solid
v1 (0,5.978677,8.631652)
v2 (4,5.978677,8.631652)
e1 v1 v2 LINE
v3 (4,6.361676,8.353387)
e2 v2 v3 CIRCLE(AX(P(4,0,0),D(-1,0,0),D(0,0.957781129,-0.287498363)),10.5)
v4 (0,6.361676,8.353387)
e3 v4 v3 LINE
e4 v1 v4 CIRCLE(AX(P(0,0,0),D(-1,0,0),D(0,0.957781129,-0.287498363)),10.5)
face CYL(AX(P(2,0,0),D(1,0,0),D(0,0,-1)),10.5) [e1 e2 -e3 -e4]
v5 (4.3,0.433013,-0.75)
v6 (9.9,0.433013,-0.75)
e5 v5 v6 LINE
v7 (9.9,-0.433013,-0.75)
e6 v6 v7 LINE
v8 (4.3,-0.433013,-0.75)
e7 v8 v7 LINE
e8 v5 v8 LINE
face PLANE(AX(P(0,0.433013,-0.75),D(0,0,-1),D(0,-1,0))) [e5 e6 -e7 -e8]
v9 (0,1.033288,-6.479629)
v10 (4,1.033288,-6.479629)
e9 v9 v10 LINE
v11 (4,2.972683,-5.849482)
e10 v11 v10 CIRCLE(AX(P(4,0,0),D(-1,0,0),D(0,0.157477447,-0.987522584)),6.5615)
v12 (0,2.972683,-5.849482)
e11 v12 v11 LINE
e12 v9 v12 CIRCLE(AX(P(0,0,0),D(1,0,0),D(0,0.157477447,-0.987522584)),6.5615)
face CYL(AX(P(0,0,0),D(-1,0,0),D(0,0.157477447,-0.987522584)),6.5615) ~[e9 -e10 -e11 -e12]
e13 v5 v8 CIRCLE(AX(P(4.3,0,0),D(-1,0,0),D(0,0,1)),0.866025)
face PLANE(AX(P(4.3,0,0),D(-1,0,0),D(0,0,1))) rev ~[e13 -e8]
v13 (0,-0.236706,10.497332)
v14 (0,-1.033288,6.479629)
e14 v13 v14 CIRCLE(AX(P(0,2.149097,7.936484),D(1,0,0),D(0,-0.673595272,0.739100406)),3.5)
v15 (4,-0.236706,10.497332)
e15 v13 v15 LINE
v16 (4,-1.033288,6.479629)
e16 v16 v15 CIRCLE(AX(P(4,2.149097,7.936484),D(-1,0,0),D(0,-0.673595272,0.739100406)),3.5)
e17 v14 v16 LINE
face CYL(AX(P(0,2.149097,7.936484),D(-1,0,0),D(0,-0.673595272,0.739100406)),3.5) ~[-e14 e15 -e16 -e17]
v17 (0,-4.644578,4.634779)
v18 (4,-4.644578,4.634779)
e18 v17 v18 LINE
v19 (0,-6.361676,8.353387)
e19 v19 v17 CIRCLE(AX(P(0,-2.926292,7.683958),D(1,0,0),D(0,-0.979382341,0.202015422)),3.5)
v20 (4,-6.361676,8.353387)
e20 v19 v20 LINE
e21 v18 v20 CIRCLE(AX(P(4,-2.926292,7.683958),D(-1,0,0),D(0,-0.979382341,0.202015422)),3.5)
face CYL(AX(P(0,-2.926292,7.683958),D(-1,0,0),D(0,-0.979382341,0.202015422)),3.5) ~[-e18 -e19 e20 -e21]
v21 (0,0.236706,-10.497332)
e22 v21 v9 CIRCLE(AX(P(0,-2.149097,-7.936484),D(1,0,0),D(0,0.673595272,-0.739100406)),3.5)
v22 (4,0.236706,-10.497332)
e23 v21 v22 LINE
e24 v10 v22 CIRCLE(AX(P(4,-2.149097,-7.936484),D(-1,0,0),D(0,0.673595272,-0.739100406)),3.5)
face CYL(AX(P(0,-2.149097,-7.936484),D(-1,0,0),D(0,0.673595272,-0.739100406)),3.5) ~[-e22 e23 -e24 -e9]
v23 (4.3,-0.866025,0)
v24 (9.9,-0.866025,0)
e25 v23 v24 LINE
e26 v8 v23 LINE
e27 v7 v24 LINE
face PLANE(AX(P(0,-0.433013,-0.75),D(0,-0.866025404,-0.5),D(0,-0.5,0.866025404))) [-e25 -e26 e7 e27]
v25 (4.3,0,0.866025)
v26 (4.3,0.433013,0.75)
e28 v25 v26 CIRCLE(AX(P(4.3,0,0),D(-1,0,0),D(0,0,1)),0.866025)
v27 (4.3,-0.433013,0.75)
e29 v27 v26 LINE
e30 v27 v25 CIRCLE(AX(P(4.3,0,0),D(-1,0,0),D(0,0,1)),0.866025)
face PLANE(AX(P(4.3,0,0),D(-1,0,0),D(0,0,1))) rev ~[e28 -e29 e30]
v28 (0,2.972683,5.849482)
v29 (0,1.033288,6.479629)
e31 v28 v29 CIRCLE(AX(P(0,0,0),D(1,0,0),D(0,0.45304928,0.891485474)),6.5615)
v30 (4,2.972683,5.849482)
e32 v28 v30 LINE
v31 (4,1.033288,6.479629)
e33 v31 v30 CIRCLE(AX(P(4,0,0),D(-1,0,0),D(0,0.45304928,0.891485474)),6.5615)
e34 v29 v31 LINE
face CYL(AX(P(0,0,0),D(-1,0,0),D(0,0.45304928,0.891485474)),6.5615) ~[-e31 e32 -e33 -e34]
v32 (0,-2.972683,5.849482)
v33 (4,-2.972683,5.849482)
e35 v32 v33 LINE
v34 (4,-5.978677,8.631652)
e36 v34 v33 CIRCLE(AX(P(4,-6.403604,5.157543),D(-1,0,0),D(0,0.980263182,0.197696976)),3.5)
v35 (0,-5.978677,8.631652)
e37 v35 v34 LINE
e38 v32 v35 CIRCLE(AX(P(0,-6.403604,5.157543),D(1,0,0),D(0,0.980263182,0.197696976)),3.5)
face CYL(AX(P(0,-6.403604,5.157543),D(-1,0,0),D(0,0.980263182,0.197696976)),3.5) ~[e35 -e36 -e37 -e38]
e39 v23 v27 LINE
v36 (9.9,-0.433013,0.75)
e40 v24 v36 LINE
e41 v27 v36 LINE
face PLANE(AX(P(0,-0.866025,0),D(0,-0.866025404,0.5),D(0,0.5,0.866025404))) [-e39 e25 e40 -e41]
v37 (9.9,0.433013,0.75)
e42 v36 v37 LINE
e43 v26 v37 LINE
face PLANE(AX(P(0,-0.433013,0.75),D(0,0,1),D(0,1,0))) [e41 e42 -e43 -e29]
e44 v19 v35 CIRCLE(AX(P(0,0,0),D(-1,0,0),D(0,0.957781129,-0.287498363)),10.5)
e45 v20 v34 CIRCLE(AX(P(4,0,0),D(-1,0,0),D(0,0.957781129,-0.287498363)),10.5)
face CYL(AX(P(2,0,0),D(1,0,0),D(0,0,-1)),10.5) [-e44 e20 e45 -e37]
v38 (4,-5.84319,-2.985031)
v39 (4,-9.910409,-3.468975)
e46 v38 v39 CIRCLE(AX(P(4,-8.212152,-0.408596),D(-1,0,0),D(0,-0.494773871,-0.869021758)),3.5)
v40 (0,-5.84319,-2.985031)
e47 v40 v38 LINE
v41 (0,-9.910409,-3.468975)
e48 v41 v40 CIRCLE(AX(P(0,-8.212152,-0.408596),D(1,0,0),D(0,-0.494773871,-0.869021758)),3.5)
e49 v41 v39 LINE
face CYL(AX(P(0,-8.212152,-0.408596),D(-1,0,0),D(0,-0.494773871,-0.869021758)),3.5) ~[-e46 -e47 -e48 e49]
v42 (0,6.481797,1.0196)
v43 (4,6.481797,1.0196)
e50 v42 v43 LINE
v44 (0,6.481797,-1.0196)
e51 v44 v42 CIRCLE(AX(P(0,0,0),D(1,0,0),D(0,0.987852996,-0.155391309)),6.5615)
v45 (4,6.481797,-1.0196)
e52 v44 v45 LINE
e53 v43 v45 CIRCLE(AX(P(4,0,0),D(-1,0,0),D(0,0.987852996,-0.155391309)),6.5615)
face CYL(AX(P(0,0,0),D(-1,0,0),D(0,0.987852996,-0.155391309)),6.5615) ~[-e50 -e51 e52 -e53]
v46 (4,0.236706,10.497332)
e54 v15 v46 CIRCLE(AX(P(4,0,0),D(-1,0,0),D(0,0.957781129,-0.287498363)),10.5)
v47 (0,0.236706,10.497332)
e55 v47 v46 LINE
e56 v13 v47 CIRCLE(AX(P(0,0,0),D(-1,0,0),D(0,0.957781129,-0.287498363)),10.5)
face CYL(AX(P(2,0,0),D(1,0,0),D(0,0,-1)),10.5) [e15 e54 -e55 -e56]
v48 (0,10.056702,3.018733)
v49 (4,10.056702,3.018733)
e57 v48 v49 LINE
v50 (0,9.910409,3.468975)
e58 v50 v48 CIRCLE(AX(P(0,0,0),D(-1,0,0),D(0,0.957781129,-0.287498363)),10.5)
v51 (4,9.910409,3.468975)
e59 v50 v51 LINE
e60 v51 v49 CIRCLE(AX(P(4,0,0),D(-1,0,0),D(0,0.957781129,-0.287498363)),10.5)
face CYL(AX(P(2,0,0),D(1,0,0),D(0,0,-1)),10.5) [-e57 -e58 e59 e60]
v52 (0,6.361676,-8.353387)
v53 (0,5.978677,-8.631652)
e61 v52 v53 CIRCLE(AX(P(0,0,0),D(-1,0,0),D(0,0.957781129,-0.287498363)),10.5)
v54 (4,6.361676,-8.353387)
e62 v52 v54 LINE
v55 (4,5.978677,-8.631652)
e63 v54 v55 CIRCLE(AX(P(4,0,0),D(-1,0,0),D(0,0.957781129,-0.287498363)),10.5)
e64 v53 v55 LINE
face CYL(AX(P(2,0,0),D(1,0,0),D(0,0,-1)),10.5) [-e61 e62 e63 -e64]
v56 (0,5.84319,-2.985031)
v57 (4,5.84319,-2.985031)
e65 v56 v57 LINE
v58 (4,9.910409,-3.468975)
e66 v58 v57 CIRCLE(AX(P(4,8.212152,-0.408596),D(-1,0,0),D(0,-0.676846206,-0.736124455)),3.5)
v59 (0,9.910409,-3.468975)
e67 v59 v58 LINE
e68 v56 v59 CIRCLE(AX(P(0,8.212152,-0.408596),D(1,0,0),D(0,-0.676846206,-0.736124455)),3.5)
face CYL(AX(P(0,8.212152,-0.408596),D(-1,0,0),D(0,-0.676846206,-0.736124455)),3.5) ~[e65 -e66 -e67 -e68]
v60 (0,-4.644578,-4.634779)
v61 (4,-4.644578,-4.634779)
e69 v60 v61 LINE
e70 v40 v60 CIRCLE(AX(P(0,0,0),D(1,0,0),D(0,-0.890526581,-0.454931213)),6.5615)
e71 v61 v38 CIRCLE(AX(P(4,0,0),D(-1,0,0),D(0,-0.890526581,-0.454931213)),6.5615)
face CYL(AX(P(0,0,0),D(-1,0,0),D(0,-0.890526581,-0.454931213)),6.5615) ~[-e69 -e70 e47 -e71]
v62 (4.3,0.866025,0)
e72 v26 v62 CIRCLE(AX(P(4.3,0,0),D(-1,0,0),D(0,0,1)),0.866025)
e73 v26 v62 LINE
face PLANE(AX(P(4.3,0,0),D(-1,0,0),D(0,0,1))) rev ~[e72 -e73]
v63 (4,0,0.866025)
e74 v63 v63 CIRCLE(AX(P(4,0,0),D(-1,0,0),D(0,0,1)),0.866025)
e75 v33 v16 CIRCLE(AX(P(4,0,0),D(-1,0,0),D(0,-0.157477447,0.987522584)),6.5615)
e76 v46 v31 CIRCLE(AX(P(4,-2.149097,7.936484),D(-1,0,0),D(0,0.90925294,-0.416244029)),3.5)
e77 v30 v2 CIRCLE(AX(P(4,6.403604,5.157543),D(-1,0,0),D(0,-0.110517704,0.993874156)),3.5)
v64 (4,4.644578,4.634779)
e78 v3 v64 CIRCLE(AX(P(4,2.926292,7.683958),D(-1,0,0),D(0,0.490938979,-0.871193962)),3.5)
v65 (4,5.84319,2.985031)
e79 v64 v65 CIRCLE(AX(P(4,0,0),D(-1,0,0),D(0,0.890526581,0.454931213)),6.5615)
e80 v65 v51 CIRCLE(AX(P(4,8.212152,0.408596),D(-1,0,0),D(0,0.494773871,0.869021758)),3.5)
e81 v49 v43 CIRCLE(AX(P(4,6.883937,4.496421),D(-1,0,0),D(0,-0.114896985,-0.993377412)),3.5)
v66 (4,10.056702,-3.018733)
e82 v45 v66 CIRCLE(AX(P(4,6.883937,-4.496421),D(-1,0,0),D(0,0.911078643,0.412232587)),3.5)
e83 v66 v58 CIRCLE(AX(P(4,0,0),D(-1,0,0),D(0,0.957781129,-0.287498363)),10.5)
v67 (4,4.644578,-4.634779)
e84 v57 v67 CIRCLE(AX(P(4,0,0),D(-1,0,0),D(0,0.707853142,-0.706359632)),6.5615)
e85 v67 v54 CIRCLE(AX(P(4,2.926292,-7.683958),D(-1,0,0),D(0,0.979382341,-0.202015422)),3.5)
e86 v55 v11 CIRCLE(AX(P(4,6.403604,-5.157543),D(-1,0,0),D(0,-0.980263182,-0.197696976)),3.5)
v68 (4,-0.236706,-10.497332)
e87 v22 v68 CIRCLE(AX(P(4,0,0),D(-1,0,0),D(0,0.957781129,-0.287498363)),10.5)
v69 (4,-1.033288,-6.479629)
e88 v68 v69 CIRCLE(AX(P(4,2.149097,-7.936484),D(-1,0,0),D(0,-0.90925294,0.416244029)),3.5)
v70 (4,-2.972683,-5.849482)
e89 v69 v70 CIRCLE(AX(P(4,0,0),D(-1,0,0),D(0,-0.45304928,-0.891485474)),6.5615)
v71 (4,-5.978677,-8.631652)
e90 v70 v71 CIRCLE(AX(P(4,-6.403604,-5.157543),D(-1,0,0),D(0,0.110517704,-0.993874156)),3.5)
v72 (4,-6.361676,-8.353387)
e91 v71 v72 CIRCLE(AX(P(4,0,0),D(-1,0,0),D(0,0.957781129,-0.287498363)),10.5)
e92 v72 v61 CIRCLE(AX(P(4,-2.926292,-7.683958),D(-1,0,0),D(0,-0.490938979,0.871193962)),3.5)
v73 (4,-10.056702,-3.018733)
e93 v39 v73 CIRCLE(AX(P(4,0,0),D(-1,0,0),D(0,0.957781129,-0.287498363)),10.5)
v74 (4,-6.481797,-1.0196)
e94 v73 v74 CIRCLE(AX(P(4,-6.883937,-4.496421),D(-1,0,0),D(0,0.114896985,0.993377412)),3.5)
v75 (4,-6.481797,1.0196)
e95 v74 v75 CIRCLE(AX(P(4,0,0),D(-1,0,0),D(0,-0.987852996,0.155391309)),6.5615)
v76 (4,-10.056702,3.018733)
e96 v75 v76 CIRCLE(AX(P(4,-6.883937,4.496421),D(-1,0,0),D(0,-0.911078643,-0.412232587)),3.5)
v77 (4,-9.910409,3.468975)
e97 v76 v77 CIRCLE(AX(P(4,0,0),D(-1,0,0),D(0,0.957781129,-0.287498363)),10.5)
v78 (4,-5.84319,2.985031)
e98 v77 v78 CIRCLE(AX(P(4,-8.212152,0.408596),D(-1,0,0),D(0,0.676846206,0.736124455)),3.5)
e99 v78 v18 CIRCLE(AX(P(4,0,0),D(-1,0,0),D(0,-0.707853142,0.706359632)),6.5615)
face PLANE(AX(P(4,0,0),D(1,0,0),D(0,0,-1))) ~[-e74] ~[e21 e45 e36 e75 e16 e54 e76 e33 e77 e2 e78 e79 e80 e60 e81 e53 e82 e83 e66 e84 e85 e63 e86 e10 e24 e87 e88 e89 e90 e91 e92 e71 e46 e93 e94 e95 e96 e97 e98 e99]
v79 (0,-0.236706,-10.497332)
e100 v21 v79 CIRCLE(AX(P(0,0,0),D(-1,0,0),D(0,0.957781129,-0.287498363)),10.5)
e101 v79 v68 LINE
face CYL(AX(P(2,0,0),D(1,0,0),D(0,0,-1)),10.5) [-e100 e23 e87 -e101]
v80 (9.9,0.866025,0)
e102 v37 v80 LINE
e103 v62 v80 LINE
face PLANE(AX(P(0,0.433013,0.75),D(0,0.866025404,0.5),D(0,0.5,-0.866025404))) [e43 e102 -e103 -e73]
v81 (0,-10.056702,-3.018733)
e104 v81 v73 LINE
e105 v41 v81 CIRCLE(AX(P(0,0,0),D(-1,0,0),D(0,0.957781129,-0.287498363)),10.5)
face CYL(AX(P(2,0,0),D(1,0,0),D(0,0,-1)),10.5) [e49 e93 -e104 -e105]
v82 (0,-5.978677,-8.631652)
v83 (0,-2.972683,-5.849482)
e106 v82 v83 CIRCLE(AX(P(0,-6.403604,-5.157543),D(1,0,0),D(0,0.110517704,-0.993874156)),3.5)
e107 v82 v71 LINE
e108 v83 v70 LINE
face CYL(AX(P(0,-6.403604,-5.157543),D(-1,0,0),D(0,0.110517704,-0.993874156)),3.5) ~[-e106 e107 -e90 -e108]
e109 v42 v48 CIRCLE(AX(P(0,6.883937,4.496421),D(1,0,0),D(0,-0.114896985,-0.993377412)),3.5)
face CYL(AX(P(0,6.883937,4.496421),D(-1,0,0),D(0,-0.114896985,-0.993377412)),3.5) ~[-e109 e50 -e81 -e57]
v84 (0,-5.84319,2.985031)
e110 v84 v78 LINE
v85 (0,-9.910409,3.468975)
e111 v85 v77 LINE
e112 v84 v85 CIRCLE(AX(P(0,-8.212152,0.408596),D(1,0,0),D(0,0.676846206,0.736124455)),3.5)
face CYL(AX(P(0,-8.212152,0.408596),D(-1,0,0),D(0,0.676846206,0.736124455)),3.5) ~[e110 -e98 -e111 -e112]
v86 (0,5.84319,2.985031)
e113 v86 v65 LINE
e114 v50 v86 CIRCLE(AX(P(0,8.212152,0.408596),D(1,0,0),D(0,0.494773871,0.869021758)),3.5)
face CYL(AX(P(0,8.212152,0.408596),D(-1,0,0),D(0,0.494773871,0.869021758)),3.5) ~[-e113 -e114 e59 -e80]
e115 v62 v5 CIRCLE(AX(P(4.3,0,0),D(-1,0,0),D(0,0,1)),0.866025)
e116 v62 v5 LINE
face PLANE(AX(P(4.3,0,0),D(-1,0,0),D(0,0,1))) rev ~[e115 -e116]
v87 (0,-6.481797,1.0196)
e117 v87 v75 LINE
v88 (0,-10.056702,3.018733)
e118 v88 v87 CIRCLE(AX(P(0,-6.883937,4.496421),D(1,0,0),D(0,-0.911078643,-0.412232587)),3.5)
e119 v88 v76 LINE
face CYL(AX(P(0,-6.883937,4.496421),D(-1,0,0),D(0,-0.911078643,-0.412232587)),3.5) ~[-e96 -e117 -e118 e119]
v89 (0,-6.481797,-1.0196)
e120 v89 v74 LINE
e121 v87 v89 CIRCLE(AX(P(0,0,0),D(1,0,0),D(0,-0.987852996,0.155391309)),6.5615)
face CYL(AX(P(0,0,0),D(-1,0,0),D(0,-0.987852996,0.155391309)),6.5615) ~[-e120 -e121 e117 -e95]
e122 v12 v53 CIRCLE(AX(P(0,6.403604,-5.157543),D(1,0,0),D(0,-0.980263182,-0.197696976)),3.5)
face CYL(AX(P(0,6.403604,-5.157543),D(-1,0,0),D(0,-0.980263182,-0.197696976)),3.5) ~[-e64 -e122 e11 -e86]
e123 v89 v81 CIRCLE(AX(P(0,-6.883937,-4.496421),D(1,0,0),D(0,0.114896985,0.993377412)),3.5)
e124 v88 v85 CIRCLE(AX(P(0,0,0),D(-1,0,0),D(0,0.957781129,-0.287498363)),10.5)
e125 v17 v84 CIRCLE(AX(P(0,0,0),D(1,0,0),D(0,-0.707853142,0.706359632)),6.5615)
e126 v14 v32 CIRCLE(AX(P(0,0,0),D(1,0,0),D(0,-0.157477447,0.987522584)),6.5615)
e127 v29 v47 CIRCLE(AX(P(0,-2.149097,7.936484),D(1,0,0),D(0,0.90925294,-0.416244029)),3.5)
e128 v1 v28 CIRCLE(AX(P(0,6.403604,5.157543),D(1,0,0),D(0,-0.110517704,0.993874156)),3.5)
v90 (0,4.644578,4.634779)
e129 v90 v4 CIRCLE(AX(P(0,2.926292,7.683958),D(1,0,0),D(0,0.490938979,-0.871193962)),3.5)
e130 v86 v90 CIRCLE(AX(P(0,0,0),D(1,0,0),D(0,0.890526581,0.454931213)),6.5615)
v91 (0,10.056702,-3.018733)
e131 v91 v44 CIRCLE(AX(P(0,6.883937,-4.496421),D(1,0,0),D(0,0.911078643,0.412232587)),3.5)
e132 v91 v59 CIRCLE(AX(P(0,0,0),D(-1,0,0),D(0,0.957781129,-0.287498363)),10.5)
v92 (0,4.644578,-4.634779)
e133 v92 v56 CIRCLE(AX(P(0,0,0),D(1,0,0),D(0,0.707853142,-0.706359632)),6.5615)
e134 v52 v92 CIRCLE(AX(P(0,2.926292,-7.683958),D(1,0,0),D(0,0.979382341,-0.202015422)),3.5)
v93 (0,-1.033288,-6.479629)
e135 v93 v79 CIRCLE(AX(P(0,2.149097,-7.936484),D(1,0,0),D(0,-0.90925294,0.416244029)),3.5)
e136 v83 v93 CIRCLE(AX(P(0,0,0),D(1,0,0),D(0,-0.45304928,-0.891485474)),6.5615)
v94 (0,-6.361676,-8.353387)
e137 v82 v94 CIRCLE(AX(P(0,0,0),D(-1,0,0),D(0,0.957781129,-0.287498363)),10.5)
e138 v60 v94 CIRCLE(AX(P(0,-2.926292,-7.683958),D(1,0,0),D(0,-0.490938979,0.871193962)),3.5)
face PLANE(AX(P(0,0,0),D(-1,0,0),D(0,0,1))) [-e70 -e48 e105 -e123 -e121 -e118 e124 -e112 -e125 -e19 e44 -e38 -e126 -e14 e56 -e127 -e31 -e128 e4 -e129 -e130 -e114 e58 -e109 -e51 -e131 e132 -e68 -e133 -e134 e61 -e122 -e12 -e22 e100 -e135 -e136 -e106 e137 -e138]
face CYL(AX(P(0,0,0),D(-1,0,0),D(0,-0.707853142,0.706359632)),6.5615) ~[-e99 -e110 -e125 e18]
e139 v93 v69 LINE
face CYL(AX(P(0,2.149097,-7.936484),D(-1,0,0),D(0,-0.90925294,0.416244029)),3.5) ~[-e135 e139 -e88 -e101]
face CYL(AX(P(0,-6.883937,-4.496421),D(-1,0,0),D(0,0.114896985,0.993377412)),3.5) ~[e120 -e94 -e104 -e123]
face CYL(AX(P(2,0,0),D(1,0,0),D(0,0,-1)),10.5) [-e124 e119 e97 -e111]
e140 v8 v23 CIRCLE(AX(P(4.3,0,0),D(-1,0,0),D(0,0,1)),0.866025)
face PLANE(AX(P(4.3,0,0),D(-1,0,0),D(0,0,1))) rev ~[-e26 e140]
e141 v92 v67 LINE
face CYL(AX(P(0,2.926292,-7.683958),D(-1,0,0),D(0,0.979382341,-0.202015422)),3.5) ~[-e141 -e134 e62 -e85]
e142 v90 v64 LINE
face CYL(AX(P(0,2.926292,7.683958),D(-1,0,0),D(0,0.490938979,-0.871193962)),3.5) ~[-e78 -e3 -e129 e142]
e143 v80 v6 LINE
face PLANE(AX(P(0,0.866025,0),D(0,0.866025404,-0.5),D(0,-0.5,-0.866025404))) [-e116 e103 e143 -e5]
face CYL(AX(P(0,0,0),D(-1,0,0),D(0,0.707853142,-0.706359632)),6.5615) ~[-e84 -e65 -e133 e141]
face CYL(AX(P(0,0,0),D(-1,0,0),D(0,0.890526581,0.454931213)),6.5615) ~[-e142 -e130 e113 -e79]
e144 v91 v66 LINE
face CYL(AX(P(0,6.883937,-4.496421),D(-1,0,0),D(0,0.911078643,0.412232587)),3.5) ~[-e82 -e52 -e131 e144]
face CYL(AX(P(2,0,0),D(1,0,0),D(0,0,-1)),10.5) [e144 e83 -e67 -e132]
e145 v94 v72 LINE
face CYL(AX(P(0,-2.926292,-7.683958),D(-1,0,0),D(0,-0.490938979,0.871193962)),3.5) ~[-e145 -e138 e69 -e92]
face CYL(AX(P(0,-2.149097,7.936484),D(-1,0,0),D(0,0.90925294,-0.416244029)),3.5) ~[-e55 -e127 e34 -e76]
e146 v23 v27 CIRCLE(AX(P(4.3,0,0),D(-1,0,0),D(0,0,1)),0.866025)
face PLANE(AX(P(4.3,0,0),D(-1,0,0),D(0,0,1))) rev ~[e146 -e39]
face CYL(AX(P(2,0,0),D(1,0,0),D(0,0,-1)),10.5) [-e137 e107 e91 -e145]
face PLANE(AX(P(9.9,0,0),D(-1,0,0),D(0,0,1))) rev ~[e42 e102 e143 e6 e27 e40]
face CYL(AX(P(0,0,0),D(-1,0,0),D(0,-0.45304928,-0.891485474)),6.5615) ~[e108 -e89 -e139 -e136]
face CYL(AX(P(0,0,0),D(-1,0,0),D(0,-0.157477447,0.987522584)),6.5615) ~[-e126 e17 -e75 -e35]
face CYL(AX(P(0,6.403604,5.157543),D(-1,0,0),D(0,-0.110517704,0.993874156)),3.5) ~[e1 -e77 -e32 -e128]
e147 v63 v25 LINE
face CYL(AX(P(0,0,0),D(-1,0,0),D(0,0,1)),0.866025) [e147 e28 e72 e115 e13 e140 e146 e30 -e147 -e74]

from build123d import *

# Parameters (mm, degrees)
BASPROSKE_W         = 4
BASPROSKE_H         = 10.5
TOOTHCUT_DEPTH      = 16.378556499
TEETHCUTS_COUNT     = 10
TEETHCUTS_ANGLE     = 324
BORSKE_R            = 0.5
BORE_DEPTH          = 50.0000508
SKETCH2_R           = 0.866025404
BOSS_EXTRUDE1_DEPTH = 4.3
BOSS_EXTRUDE2_DEPTH = 9.9


with BuildPart() as part:
    # BasProSke → Base-Revolve (revolve)
    with BuildSketch(Plane(origin=(0, 0, 0), x_dir=(1, 0, 0), z_dir=(0, 1, 0))):
        with Locations((2, 5.25)):
            Rectangle(BASPROSKE_W, BASPROSKE_H)
    revolve(axis=Axis((-10, 0, 0), (1, 0, 0)))

    # TooCutSke → ToothCut (cut, through all)
    with BuildSketch(Plane(origin=(0, 0, 0), x_dir=(0, 0, -1), z_dir=(1, 0, 0))):
        with BuildLine():
            ThreePointArc((1.019600066, 6.481797432), (0, 6.5615), (-1.019600066, 6.481797432))
            ThreePointArc((-1.019600066, 6.481797432), (-1.451036104, 8.608938557), (-3.053606956, 10.072712133))
            ThreePointArc((-3.053606956, 10.072712133), (0, 10.5254), (3.053606956, 10.072712133))
            ThreePointArc((3.053606956, 10.072712133), (1.451036104, 8.608938557), (1.019600066, 6.481797432))
        make_face()
    toothcut = extrude(amount=TOOTHCUT_DEPTH, mode=Mode.SUBTRACT)

    # TeethCuts: ToothCut ×10 about axis
    teethcuts_axis = Axis((-10, 0, 0), (1, 0, 0))
    for i in range(1, TEETHCUTS_COUNT):
        add(toothcut.rotate(teethcuts_axis, i * TEETHCUTS_ANGLE / (TEETHCUTS_COUNT - 1)), mode=Mode.SUBTRACT)

    # BorSke → Bore (cut, symmetric)
    with BuildSketch(Plane(origin=(0, 0, 0), x_dir=(0, 0, -1), z_dir=(1, 0, 0))):
        Circle(BORSKE_R)
    extrude(amount=BORE_DEPTH, both=True, mode=Mode.SUBTRACT)

    # Sketch2 → Boss-Extrude1 (add)
    with BuildSketch(Plane.ZY):
        Circle(SKETCH2_R)
    extrude(amount=-BOSS_EXTRUDE1_DEPTH)

    # Sketch2<3> → Boss-Extrude2 (add)
    with BuildSketch(Plane.ZY):
        Polygon((0.75, -0.433012702), (0.75, 0.433012702), (0, 0.866025404), (-0.75, 0.433012702), (-0.75, -0.433012702), (0, -0.866025404), align=None)
    extrude(amount=-BOSS_EXTRUDE2_DEPTH)


solid = part.part
